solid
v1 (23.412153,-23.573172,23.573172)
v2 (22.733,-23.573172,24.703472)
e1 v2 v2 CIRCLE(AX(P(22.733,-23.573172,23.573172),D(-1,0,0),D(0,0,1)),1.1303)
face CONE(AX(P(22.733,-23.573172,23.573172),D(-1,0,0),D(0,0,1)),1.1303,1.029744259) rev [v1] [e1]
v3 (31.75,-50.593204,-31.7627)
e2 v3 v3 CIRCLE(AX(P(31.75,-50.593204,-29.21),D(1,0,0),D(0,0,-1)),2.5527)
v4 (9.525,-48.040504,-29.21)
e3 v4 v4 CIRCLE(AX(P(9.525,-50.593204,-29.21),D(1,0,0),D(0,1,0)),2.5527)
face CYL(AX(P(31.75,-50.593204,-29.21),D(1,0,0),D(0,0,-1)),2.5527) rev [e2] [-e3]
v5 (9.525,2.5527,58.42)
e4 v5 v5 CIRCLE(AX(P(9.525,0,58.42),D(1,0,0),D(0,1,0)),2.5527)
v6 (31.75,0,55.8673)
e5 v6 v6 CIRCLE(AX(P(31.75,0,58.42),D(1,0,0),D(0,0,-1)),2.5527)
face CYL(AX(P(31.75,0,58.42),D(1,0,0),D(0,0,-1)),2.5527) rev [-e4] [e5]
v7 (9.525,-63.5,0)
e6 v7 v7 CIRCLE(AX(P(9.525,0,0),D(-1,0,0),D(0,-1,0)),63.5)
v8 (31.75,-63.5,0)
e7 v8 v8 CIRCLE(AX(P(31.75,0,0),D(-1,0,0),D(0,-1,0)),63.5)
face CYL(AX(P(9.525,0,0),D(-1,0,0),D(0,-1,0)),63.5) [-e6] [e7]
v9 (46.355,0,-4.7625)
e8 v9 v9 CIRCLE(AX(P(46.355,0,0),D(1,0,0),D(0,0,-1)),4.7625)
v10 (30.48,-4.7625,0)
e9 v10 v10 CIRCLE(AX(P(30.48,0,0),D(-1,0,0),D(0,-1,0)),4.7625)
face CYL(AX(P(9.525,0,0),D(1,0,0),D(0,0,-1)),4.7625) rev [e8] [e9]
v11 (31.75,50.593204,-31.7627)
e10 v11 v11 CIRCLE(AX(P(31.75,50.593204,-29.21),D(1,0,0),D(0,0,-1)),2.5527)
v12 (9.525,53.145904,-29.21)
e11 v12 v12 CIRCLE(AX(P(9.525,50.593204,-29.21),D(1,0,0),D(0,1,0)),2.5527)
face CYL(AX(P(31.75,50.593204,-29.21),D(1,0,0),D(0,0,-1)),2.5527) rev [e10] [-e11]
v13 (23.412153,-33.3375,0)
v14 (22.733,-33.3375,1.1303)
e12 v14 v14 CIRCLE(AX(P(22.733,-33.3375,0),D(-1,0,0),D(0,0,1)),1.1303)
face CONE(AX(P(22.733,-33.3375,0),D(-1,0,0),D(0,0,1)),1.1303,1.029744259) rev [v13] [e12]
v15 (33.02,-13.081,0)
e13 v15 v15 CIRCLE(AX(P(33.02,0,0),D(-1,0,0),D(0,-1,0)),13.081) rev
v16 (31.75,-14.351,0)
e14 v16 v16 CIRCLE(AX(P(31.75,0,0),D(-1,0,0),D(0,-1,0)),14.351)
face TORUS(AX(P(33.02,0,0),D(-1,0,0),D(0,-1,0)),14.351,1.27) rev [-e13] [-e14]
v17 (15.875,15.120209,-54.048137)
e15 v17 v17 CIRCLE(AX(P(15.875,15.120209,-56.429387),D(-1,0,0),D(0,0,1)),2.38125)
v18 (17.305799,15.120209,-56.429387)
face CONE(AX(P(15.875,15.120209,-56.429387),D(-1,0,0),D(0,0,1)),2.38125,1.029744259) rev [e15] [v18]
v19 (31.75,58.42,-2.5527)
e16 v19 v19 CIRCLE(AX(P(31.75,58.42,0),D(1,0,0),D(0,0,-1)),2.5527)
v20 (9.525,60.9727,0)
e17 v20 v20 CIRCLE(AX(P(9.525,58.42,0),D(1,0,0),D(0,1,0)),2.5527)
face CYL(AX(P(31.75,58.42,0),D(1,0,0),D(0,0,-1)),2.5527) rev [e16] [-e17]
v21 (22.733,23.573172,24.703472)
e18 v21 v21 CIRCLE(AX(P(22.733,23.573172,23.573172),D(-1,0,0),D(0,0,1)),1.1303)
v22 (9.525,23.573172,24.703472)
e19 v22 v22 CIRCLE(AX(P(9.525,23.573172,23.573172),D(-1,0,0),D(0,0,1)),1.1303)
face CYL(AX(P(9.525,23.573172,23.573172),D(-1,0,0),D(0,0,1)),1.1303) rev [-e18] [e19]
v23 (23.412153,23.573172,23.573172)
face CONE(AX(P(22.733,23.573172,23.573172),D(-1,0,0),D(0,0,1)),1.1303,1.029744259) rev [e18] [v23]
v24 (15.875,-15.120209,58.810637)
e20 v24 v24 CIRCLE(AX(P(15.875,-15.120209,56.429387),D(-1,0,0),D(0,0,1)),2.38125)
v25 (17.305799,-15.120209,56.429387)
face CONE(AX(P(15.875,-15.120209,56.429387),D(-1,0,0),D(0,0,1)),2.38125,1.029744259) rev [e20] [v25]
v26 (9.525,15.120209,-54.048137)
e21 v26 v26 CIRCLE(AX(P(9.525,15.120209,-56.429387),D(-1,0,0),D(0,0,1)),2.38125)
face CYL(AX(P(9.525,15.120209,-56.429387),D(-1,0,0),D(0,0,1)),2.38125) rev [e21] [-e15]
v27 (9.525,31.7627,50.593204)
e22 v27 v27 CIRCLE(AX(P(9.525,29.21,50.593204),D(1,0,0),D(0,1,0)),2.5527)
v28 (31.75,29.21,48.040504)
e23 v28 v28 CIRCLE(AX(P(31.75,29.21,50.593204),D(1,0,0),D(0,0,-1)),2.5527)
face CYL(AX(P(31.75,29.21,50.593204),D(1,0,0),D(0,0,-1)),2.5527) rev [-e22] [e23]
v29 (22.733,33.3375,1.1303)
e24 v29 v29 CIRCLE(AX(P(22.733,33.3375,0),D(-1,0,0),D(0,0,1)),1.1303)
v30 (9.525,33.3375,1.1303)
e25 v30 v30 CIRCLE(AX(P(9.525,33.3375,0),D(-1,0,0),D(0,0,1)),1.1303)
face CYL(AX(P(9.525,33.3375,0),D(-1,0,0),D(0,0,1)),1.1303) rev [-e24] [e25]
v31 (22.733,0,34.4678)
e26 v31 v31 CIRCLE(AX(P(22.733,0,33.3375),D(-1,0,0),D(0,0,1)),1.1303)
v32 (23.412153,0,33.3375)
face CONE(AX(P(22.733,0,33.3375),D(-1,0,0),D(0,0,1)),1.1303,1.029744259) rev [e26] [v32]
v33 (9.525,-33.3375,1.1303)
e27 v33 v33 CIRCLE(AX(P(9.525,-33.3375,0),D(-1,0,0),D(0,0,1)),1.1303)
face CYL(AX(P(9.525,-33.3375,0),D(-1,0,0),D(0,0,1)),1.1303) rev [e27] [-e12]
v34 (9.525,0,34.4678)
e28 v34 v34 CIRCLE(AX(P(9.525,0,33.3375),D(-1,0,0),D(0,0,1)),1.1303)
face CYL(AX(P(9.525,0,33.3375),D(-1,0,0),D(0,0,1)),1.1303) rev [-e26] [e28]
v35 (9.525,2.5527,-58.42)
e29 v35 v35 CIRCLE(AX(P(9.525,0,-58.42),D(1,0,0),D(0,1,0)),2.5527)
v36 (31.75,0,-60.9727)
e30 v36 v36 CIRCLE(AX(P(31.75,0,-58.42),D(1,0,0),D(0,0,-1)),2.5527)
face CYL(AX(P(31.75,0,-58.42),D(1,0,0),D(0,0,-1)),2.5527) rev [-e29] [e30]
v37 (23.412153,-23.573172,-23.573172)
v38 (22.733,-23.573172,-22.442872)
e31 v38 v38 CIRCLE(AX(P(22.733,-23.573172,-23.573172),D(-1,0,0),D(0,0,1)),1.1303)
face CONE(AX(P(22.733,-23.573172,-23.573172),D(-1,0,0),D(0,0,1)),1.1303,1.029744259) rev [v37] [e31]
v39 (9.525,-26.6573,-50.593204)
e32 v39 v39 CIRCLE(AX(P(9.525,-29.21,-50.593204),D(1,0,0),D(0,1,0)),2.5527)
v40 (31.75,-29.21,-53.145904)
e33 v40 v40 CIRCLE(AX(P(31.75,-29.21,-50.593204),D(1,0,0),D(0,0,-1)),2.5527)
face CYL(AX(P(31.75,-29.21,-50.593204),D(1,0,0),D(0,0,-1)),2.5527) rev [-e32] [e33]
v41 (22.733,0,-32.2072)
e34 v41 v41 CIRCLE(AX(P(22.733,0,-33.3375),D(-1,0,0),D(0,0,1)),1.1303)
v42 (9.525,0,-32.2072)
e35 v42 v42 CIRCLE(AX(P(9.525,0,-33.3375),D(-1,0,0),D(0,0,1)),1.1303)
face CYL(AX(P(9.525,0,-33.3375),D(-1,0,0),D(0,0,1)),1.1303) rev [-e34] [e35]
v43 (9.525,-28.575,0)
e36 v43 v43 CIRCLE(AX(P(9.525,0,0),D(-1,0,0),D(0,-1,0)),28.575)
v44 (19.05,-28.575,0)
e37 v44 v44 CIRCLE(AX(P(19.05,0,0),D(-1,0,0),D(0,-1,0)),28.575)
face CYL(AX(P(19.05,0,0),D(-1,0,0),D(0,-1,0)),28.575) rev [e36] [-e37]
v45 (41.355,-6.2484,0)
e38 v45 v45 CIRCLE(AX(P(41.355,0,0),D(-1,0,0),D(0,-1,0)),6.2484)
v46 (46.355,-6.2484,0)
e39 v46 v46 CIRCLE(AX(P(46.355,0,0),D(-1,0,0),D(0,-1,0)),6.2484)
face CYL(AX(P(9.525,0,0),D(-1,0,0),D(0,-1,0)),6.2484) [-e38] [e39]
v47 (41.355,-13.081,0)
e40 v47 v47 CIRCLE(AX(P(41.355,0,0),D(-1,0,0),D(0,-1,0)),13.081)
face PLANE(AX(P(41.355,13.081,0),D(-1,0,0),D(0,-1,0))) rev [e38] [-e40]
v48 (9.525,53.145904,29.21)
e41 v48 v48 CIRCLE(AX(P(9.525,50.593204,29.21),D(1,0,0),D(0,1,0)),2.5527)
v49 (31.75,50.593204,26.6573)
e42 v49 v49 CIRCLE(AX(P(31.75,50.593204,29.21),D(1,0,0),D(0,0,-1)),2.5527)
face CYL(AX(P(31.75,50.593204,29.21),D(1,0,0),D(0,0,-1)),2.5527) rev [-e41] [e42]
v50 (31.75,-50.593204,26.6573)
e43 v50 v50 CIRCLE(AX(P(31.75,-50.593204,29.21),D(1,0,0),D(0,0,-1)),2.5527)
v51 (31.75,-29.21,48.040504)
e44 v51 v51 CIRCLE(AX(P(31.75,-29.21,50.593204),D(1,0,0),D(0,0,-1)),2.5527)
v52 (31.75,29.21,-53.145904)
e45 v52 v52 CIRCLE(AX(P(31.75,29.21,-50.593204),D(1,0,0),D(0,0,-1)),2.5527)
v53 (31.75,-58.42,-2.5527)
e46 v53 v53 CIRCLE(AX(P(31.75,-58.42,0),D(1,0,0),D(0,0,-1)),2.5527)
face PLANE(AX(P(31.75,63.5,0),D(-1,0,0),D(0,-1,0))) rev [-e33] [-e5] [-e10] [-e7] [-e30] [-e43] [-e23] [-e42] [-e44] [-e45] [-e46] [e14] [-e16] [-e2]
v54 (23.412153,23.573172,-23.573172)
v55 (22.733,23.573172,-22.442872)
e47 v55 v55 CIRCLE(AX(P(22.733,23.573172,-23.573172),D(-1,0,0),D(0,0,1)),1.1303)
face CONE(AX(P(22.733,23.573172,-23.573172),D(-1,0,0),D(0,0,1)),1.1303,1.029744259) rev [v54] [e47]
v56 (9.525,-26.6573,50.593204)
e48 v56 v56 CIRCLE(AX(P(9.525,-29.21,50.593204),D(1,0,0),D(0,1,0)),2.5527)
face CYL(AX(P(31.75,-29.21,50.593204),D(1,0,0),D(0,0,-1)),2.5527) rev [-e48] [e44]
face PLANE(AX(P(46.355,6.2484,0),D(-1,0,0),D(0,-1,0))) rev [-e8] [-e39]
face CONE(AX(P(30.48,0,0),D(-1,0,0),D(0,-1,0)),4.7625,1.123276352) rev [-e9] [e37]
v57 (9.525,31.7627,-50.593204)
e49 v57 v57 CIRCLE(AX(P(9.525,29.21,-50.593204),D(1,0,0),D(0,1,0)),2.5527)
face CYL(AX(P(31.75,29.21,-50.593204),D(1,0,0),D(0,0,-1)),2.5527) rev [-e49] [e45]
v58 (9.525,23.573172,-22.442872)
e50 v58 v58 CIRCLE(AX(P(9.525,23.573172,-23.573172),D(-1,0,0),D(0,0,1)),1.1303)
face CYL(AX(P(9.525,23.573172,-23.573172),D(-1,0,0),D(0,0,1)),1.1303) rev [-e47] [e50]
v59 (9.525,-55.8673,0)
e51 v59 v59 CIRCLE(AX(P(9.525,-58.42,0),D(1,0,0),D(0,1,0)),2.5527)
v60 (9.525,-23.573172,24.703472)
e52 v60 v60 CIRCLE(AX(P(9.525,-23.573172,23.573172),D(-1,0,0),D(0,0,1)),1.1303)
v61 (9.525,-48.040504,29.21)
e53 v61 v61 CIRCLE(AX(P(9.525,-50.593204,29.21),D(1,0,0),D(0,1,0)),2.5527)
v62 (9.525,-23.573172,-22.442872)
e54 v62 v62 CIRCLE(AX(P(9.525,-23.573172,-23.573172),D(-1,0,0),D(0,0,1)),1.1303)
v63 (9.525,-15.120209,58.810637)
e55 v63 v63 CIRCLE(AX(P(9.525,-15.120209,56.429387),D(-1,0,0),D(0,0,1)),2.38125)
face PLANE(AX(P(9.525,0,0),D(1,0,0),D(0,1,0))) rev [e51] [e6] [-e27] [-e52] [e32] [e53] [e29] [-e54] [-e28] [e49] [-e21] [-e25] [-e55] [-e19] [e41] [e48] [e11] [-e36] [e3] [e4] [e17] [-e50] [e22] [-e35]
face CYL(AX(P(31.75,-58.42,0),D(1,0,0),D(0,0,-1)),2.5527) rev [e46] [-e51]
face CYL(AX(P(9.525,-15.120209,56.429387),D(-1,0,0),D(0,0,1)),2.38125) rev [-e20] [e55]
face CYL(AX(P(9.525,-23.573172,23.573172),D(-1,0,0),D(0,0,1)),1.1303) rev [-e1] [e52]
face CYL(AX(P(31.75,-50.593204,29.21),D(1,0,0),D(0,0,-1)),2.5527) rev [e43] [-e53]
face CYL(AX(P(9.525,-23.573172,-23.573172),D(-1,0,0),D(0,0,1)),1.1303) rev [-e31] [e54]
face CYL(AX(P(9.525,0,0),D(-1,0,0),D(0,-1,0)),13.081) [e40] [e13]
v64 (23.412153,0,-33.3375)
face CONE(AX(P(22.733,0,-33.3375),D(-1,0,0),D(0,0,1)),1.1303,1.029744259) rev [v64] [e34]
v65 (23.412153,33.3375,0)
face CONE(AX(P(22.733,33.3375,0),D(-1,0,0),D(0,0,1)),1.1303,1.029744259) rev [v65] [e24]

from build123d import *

# Parameters (mm, degrees)
SKETCH3_R                 = 4.7625
OXIDIZER_INLET_HOLE_DEPTH = 37.83
FLANGE_HOLES_D            = 5.1054
FLANGE_HOLES_DEPTH        = 22.225
DOWEL_HOLES_D             = 4.7625
DOWEL_HOLES_DEPTH         = 6.35
DOWEL_HOLES_TIP           = 1.430799349
SKETCH12_R                = 28.575
CUT_EXTRUDE2_DEPTH        = 9.525
SKETCH16_R                = 28.575
SKETCH17_R                = 4.7625
CIRPATTERN1_COUNT         = 8
FILLET1_R                 = 1.27


with BuildPart() as part:
    # Sketch2 → Main Structure (revolve)
    with BuildSketch(Plane.XY):
        Polygon((41.355, 13.081), (41.355, 6.2484), (46.355, 6.2484), (46.355, 0), (9.525, 0), (9.525, 63.5), (31.75, 63.5), (31.75, 13.081), align=None)
    revolve(axis=Axis((9.525, 0, 0), (1, 0, 0)))

    # Sketch3 → Oxidizer Inlet Hole (cut, through all)
    with BuildSketch(Plane(origin=(46.355, 0, 0), x_dir=(0, 0, -1), z_dir=(1, 0, 0))):
        Circle(SKETCH3_R)
    extrude(amount=-OXIDIZER_INLET_HOLE_DEPTH, mode=Mode.SUBTRACT)

    # Flange Holes
    with Locations(Plane(origin=(31.75, 0, 0), x_dir=(0, 0, 1), z_dir=(1, 0, 0))):
        with Locations((0, 58.42), (-29.21, 50.593204089), (-50.593204089, 29.21), (-58.42, 0), (-50.593204089, -29.21), (-29.21, -50.593204089), (0, -58.42), (29.21, -50.593204089), (50.593204089, -29.21), (58.42, 0), (50.593204089, 29.21), (29.21, 50.593204089)):
            Hole(FLANGE_HOLES_D / 2, depth=FLANGE_HOLES_DEPTH)

    # Dowel Holes
    with Locations(Plane.ZY.offset(-9.525)):
        with Locations((56.429386772, -15.120208615), (-56.429386772, 15.120208615)):
            Hole(DOWEL_HOLES_D / 2, depth=DOWEL_HOLES_DEPTH)
            with Locations((0, 0, -(DOWEL_HOLES_DEPTH + DOWEL_HOLES_TIP / 2))):  # 118° drill point
                Cone(0, DOWEL_HOLES_D / 2, DOWEL_HOLES_TIP, mode=Mode.SUBTRACT)

    # Sketch12 → Cut-Extrude2 (cut)
    with BuildSketch(Plane.ZY.offset(-9.525)):
        Circle(SKETCH12_R)
    extrude(amount=-CUT_EXTRUDE2_DEPTH, mode=Mode.SUBTRACT)

    # Sketch16 → Internal Flow Path Loft Cut section 0
    with BuildSketch(Plane.ZY.offset(-19.05)):
        Circle(SKETCH16_R)
    # Sketch17 → Internal Flow Path Loft Cut section 1
    with BuildSketch(Plane.ZY.offset(-30.48)):
        Circle(SKETCH17_R)
    loft(mode=Mode.SUBTRACT)

    # Sketch20 → #4-40 Tapped Hole1 (revolve, cut)
    with BuildSketch(Plane(origin=(9.525, 0, 33.3375), x_dir=(0, 0, 1), z_dir=(0, 1, 0))):
        Polygon((0, 0), (0, 13.887152758), (1.1303, 13.208), (1.1303, 0), align=None)
    f_4_40_tapped_hole1 = revolve(axis=Axis((3.175, 0, 33.3375), (1, 0, 0)), mode=Mode.SUBTRACT)

    # CirPattern1: #4-40 Tapped Hole1 ×8 about axis
    cirpattern1_axis = Axis((0, 0, 0), (1, 0, 0))
    for i in range(1, CIRPATTERN1_COUNT):
        add(f_4_40_tapped_hole1.rotate(cirpattern1_axis, i * 360 / CIRPATTERN1_COUNT), mode=Mode.SUBTRACT)

    # Fillet1
    fillet1_edges = [part.edges().sort_by_distance(p)[0] for p in [
        (31.75, -13.081, 0),
    ]]
    fillet(fillet1_edges, radius=FILLET1_R)


solid = part.part
